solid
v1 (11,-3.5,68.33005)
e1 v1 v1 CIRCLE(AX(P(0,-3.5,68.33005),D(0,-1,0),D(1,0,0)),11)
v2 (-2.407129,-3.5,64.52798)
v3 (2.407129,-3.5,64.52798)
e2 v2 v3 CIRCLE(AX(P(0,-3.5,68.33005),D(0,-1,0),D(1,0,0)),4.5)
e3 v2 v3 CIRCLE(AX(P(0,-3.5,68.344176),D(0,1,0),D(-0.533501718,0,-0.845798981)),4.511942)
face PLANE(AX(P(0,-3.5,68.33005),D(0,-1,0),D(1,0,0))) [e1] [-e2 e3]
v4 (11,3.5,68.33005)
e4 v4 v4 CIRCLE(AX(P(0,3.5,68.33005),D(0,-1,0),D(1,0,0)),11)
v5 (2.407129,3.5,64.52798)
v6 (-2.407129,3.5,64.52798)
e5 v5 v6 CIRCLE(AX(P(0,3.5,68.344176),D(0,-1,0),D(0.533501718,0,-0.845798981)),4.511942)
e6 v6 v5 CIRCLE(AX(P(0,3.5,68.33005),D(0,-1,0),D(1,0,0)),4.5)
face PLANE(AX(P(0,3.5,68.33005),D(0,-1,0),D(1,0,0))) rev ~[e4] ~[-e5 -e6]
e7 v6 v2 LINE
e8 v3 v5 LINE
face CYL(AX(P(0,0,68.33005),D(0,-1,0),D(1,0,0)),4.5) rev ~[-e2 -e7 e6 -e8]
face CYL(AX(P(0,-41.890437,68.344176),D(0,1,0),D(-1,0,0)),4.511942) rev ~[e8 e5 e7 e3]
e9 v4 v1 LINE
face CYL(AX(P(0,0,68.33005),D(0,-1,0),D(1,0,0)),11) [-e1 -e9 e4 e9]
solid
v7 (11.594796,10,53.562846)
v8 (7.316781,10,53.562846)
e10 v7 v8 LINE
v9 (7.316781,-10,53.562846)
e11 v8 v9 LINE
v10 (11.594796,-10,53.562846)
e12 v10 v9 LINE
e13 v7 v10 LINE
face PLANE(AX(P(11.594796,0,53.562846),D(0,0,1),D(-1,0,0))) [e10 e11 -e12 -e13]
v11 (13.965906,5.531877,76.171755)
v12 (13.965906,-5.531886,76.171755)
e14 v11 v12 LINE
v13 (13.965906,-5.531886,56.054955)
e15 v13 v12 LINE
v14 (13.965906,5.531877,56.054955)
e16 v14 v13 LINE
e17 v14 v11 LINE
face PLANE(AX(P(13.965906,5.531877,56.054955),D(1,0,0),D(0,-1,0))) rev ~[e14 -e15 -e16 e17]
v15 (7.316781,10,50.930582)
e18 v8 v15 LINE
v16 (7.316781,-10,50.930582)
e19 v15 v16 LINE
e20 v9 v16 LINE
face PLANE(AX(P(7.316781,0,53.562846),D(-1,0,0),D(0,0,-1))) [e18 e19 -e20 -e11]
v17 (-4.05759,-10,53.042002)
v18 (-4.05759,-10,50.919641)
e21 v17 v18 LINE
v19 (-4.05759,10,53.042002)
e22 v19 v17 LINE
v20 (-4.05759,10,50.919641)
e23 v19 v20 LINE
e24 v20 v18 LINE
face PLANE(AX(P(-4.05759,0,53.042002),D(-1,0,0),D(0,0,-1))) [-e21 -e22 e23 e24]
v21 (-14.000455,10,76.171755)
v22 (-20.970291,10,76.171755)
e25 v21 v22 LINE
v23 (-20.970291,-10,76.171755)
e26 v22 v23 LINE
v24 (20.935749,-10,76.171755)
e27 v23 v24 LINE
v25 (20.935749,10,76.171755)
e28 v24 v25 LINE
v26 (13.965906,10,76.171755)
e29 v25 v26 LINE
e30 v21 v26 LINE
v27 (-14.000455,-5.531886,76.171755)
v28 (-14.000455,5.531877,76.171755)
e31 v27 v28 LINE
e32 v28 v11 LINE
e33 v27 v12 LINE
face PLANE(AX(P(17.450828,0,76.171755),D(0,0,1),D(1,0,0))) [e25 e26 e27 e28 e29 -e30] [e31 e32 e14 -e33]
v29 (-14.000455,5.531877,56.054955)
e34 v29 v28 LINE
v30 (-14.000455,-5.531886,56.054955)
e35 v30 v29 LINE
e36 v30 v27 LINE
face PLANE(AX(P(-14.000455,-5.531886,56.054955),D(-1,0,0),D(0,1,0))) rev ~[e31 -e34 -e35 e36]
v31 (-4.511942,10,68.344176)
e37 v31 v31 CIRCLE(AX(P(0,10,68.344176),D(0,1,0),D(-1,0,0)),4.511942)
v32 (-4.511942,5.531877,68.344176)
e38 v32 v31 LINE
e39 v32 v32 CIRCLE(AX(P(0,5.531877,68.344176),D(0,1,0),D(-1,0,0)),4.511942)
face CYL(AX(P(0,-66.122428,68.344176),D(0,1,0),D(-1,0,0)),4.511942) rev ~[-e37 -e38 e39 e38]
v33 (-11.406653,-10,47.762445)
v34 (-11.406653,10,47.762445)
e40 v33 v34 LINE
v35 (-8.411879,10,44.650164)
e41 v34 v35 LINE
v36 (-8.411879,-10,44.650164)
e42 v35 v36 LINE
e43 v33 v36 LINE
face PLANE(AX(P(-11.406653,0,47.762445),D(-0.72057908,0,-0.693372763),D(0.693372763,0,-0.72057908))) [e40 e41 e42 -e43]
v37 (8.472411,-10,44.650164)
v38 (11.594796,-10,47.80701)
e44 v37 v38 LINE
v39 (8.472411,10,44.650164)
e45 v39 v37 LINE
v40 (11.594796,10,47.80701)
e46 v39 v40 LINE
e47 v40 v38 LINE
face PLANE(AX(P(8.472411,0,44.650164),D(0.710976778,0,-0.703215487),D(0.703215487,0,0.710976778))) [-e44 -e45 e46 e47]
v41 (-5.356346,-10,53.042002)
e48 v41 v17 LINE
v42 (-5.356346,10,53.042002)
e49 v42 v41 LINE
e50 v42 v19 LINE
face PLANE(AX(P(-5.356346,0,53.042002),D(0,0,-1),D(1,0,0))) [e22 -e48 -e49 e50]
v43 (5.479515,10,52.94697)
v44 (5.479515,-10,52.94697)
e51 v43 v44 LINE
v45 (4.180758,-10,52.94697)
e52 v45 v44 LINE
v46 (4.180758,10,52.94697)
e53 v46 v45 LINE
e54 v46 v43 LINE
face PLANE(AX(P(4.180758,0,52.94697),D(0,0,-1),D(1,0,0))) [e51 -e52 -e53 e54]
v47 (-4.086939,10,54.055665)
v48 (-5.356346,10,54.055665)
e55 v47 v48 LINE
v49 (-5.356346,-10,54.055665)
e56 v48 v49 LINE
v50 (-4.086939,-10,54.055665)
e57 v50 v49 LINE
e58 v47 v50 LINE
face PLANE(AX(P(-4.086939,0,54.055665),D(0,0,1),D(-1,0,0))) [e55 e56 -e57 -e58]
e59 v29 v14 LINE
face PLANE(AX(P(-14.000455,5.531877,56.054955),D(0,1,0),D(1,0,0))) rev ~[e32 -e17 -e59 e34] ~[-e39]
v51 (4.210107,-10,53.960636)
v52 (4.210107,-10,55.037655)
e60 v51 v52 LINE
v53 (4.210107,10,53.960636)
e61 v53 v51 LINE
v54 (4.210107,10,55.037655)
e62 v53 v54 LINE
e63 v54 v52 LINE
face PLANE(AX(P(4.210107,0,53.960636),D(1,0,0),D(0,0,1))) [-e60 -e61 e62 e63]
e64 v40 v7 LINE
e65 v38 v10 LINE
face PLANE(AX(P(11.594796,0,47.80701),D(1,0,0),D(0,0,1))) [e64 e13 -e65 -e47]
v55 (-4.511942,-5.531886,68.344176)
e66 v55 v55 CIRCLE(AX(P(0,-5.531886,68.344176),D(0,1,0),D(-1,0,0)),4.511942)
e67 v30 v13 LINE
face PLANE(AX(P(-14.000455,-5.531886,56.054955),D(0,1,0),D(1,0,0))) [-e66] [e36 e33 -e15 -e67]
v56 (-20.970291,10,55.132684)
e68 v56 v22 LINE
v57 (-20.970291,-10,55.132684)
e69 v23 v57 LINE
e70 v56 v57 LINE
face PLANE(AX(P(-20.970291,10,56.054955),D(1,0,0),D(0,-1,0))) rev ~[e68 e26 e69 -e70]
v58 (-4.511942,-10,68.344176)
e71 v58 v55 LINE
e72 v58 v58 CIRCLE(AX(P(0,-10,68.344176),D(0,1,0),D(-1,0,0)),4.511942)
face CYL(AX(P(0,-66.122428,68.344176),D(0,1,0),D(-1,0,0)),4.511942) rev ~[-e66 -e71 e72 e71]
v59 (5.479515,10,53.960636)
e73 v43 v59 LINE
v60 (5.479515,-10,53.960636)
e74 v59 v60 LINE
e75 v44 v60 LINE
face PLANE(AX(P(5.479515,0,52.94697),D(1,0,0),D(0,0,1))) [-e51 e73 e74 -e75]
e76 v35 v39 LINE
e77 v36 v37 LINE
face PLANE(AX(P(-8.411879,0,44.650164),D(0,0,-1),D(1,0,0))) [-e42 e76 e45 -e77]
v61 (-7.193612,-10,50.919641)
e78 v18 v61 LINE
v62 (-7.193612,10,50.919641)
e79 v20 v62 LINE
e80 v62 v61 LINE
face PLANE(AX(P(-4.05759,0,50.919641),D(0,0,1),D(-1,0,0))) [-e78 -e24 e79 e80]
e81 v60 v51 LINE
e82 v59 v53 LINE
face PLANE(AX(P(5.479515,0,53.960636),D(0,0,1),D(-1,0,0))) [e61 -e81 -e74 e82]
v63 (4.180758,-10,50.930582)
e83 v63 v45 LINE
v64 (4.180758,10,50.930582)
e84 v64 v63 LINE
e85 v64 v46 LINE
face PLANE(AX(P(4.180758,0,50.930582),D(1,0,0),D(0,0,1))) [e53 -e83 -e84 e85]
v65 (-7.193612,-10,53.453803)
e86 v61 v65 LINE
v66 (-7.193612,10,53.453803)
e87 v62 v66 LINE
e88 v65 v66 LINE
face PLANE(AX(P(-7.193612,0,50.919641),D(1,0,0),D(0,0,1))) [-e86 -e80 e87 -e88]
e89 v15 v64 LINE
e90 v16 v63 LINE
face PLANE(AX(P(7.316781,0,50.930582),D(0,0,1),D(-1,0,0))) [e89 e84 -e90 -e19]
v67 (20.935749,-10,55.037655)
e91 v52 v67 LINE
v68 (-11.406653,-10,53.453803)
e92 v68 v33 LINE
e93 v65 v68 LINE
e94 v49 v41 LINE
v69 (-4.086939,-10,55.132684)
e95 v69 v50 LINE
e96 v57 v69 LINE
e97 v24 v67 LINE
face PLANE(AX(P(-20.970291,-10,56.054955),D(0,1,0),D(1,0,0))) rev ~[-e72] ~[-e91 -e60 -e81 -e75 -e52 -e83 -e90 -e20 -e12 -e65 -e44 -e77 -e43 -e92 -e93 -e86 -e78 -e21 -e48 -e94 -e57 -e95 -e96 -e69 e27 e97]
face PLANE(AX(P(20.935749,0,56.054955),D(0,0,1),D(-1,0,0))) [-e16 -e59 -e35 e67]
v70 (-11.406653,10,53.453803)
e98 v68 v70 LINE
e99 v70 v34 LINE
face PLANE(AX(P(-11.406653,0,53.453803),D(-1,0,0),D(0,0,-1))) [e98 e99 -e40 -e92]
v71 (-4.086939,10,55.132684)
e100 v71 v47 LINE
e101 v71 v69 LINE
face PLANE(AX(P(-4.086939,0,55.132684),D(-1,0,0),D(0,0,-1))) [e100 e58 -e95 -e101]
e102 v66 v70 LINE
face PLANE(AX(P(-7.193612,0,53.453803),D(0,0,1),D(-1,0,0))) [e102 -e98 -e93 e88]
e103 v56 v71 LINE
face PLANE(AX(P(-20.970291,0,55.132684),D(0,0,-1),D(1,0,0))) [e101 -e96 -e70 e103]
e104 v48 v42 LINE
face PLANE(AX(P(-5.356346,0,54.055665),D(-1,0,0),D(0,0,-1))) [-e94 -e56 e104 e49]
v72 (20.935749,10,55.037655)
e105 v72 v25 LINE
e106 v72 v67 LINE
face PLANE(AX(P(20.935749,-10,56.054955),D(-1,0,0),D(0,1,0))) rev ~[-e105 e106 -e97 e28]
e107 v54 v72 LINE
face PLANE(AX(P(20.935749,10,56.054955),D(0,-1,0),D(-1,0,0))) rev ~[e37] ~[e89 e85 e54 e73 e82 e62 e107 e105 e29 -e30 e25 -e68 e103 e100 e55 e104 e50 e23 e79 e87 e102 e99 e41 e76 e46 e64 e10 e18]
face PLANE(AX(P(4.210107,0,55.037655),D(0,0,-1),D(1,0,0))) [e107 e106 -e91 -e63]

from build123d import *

# Parameters (mm, degrees)
F1_R     = 11
F1_R_2   = 4.5
F2_DEPTH = 3.5
F3_DEPTH = 10
F4_DEPTH = 10
F5_DEPTH = 3.5
F6_W     = 27.9663609021
F6_H     = 4.4681232143
F6_H_2   = 4.468114
F7_DEPTH = 20.1168
F9_D     = 9.0238834
F9_2_D   = 9.0238834


with BuildPart() as f2:
    # F1 (on Front) → F2 (new body)
    with BuildSketch(Plane.XZ):
        with Locations((0, 68.3300495148)):
            Circle(F1_R)
        with Locations((0, 68.3300495148)):
            Circle(F1_R_2, mode=Mode.SUBTRACT)
    extrude(amount=F2_DEPTH)

    # F1 (on Front) → F5 (join)
    with BuildSketch(Plane.XZ):
        with Locations((0, 68.3300495148)):
            Circle(F1_R)
        with Locations((0, 68.3300495148)):
            Circle(F1_R_2, mode=Mode.SUBTRACT)
    extrude(amount=-F5_DEPTH)

    # F9 (through all)
    with Locations(Plane.XZ.offset(10)):
        with Locations((0, 68.3441758156)):
            Hole(F9_D / 2)


with BuildPart() as f3:
    # F0 (on Front) → F3 (new body)
    with BuildSketch(Plane.XZ):
        Polygon((-11.4066531532, 47.7624452322), (-8.4118793069, 44.6501635015), (8.4724111924, 44.6501635015), (11.5947960294, 47.8070096632), (11.5947960294, 53.5628460348), (7.3167806841, 53.5628460348), (7.3167806841, 50.9305819869), (4.1807577363, 50.9305819869), (4.1807577363, 52.9469698668), (5.4795145406, 52.9469698668), (5.4795145406, 53.9606362581), (4.2101069703, 53.9606362581), (4.2101069703, 55.0376549363), (20.9357491112, 55.0376549363), (20.9357491112, 56.0549552958), (-20.9702910506, 56.0549552958), (-20.9702910506, 55.1326839005), (-4.0869387449, 55.1326839005), (-4.0869387449, 54.0556652223), (-5.3563463152, 54.0556652223), (-5.3563463152, 53.0420020223), (-4.0575895109, 53.0420020223), (-4.0575895109, 50.9196408093), (-7.1936124587, 50.9196408093), (-7.1936124587, 53.4538030624), (-11.4066531532, 53.4538030624), align=None)
    extrude(amount=F3_DEPTH)

    # F0 (on Front) → F4 (join)
    with BuildSketch(Plane.XZ):
        Polygon((-11.4066531532, 47.7624452322), (-8.4118793069, 44.6501635015), (8.4724111924, 44.6501635015), (11.5947960294, 47.8070096632), (11.5947960294, 53.5628460348), (7.3167806841, 53.5628460348), (7.3167806841, 50.9305819869), (4.1807577363, 50.9305819869), (4.1807577363, 52.9469698668), (5.4795145406, 52.9469698668), (5.4795145406, 53.9606362581), (4.2101069703, 53.9606362581), (4.2101069703, 55.0376549363), (20.9357491112, 55.0376549363), (20.9357491112, 56.0549552958), (-20.9702910506, 56.0549552958), (-20.9702910506, 55.1326839005), (-4.0869387449, 55.1326839005), (-4.0869387449, 54.0556652223), (-5.3563463152, 54.0556652223), (-5.3563463152, 53.0420020223), (-4.0575895109, 53.0420020223), (-4.0575895109, 50.9196408093), (-7.1936124587, 50.9196408093), (-7.1936124587, 53.4538030624), (-11.4066531532, 53.4538030624), align=None)
    extrude(amount=-F4_DEPTH)

    # F6 (on face) → F7 (join)
    with BuildSketch(Plane.XY.offset(56.0549552958)):
        Polygon((20.9357491112, -10), (20.9357491112, 10), (13.9659060515, 10), (13.9659060515, 5.5318767857), (13.9659060515, -5.531886), (13.9659060515, -10), align=None)
        with Locations((-0.0172743996, 7.7659383928)):
            Rectangle(F6_W, F6_H)
        Polygon((-14.0004548506, 5.5318767857), (-14.0004548506, 10), (-20.9702910506, 10), (-20.9702910506, -10), (-14.0004548506, -10), (-14.0004548506, -5.531886), align=None)
        with Locations((-0.0172743996, -7.765943)):
            Rectangle(F6_W, F6_H_2)
    extrude(amount=F7_DEPTH)

    # F9#2 (through all)
    with Locations(Plane.XZ.offset(10)):
        with Locations((0, 68.3441758156)):
            Hole(F9_2_D / 2)


solid = Compound([f2.part, f3.part])
